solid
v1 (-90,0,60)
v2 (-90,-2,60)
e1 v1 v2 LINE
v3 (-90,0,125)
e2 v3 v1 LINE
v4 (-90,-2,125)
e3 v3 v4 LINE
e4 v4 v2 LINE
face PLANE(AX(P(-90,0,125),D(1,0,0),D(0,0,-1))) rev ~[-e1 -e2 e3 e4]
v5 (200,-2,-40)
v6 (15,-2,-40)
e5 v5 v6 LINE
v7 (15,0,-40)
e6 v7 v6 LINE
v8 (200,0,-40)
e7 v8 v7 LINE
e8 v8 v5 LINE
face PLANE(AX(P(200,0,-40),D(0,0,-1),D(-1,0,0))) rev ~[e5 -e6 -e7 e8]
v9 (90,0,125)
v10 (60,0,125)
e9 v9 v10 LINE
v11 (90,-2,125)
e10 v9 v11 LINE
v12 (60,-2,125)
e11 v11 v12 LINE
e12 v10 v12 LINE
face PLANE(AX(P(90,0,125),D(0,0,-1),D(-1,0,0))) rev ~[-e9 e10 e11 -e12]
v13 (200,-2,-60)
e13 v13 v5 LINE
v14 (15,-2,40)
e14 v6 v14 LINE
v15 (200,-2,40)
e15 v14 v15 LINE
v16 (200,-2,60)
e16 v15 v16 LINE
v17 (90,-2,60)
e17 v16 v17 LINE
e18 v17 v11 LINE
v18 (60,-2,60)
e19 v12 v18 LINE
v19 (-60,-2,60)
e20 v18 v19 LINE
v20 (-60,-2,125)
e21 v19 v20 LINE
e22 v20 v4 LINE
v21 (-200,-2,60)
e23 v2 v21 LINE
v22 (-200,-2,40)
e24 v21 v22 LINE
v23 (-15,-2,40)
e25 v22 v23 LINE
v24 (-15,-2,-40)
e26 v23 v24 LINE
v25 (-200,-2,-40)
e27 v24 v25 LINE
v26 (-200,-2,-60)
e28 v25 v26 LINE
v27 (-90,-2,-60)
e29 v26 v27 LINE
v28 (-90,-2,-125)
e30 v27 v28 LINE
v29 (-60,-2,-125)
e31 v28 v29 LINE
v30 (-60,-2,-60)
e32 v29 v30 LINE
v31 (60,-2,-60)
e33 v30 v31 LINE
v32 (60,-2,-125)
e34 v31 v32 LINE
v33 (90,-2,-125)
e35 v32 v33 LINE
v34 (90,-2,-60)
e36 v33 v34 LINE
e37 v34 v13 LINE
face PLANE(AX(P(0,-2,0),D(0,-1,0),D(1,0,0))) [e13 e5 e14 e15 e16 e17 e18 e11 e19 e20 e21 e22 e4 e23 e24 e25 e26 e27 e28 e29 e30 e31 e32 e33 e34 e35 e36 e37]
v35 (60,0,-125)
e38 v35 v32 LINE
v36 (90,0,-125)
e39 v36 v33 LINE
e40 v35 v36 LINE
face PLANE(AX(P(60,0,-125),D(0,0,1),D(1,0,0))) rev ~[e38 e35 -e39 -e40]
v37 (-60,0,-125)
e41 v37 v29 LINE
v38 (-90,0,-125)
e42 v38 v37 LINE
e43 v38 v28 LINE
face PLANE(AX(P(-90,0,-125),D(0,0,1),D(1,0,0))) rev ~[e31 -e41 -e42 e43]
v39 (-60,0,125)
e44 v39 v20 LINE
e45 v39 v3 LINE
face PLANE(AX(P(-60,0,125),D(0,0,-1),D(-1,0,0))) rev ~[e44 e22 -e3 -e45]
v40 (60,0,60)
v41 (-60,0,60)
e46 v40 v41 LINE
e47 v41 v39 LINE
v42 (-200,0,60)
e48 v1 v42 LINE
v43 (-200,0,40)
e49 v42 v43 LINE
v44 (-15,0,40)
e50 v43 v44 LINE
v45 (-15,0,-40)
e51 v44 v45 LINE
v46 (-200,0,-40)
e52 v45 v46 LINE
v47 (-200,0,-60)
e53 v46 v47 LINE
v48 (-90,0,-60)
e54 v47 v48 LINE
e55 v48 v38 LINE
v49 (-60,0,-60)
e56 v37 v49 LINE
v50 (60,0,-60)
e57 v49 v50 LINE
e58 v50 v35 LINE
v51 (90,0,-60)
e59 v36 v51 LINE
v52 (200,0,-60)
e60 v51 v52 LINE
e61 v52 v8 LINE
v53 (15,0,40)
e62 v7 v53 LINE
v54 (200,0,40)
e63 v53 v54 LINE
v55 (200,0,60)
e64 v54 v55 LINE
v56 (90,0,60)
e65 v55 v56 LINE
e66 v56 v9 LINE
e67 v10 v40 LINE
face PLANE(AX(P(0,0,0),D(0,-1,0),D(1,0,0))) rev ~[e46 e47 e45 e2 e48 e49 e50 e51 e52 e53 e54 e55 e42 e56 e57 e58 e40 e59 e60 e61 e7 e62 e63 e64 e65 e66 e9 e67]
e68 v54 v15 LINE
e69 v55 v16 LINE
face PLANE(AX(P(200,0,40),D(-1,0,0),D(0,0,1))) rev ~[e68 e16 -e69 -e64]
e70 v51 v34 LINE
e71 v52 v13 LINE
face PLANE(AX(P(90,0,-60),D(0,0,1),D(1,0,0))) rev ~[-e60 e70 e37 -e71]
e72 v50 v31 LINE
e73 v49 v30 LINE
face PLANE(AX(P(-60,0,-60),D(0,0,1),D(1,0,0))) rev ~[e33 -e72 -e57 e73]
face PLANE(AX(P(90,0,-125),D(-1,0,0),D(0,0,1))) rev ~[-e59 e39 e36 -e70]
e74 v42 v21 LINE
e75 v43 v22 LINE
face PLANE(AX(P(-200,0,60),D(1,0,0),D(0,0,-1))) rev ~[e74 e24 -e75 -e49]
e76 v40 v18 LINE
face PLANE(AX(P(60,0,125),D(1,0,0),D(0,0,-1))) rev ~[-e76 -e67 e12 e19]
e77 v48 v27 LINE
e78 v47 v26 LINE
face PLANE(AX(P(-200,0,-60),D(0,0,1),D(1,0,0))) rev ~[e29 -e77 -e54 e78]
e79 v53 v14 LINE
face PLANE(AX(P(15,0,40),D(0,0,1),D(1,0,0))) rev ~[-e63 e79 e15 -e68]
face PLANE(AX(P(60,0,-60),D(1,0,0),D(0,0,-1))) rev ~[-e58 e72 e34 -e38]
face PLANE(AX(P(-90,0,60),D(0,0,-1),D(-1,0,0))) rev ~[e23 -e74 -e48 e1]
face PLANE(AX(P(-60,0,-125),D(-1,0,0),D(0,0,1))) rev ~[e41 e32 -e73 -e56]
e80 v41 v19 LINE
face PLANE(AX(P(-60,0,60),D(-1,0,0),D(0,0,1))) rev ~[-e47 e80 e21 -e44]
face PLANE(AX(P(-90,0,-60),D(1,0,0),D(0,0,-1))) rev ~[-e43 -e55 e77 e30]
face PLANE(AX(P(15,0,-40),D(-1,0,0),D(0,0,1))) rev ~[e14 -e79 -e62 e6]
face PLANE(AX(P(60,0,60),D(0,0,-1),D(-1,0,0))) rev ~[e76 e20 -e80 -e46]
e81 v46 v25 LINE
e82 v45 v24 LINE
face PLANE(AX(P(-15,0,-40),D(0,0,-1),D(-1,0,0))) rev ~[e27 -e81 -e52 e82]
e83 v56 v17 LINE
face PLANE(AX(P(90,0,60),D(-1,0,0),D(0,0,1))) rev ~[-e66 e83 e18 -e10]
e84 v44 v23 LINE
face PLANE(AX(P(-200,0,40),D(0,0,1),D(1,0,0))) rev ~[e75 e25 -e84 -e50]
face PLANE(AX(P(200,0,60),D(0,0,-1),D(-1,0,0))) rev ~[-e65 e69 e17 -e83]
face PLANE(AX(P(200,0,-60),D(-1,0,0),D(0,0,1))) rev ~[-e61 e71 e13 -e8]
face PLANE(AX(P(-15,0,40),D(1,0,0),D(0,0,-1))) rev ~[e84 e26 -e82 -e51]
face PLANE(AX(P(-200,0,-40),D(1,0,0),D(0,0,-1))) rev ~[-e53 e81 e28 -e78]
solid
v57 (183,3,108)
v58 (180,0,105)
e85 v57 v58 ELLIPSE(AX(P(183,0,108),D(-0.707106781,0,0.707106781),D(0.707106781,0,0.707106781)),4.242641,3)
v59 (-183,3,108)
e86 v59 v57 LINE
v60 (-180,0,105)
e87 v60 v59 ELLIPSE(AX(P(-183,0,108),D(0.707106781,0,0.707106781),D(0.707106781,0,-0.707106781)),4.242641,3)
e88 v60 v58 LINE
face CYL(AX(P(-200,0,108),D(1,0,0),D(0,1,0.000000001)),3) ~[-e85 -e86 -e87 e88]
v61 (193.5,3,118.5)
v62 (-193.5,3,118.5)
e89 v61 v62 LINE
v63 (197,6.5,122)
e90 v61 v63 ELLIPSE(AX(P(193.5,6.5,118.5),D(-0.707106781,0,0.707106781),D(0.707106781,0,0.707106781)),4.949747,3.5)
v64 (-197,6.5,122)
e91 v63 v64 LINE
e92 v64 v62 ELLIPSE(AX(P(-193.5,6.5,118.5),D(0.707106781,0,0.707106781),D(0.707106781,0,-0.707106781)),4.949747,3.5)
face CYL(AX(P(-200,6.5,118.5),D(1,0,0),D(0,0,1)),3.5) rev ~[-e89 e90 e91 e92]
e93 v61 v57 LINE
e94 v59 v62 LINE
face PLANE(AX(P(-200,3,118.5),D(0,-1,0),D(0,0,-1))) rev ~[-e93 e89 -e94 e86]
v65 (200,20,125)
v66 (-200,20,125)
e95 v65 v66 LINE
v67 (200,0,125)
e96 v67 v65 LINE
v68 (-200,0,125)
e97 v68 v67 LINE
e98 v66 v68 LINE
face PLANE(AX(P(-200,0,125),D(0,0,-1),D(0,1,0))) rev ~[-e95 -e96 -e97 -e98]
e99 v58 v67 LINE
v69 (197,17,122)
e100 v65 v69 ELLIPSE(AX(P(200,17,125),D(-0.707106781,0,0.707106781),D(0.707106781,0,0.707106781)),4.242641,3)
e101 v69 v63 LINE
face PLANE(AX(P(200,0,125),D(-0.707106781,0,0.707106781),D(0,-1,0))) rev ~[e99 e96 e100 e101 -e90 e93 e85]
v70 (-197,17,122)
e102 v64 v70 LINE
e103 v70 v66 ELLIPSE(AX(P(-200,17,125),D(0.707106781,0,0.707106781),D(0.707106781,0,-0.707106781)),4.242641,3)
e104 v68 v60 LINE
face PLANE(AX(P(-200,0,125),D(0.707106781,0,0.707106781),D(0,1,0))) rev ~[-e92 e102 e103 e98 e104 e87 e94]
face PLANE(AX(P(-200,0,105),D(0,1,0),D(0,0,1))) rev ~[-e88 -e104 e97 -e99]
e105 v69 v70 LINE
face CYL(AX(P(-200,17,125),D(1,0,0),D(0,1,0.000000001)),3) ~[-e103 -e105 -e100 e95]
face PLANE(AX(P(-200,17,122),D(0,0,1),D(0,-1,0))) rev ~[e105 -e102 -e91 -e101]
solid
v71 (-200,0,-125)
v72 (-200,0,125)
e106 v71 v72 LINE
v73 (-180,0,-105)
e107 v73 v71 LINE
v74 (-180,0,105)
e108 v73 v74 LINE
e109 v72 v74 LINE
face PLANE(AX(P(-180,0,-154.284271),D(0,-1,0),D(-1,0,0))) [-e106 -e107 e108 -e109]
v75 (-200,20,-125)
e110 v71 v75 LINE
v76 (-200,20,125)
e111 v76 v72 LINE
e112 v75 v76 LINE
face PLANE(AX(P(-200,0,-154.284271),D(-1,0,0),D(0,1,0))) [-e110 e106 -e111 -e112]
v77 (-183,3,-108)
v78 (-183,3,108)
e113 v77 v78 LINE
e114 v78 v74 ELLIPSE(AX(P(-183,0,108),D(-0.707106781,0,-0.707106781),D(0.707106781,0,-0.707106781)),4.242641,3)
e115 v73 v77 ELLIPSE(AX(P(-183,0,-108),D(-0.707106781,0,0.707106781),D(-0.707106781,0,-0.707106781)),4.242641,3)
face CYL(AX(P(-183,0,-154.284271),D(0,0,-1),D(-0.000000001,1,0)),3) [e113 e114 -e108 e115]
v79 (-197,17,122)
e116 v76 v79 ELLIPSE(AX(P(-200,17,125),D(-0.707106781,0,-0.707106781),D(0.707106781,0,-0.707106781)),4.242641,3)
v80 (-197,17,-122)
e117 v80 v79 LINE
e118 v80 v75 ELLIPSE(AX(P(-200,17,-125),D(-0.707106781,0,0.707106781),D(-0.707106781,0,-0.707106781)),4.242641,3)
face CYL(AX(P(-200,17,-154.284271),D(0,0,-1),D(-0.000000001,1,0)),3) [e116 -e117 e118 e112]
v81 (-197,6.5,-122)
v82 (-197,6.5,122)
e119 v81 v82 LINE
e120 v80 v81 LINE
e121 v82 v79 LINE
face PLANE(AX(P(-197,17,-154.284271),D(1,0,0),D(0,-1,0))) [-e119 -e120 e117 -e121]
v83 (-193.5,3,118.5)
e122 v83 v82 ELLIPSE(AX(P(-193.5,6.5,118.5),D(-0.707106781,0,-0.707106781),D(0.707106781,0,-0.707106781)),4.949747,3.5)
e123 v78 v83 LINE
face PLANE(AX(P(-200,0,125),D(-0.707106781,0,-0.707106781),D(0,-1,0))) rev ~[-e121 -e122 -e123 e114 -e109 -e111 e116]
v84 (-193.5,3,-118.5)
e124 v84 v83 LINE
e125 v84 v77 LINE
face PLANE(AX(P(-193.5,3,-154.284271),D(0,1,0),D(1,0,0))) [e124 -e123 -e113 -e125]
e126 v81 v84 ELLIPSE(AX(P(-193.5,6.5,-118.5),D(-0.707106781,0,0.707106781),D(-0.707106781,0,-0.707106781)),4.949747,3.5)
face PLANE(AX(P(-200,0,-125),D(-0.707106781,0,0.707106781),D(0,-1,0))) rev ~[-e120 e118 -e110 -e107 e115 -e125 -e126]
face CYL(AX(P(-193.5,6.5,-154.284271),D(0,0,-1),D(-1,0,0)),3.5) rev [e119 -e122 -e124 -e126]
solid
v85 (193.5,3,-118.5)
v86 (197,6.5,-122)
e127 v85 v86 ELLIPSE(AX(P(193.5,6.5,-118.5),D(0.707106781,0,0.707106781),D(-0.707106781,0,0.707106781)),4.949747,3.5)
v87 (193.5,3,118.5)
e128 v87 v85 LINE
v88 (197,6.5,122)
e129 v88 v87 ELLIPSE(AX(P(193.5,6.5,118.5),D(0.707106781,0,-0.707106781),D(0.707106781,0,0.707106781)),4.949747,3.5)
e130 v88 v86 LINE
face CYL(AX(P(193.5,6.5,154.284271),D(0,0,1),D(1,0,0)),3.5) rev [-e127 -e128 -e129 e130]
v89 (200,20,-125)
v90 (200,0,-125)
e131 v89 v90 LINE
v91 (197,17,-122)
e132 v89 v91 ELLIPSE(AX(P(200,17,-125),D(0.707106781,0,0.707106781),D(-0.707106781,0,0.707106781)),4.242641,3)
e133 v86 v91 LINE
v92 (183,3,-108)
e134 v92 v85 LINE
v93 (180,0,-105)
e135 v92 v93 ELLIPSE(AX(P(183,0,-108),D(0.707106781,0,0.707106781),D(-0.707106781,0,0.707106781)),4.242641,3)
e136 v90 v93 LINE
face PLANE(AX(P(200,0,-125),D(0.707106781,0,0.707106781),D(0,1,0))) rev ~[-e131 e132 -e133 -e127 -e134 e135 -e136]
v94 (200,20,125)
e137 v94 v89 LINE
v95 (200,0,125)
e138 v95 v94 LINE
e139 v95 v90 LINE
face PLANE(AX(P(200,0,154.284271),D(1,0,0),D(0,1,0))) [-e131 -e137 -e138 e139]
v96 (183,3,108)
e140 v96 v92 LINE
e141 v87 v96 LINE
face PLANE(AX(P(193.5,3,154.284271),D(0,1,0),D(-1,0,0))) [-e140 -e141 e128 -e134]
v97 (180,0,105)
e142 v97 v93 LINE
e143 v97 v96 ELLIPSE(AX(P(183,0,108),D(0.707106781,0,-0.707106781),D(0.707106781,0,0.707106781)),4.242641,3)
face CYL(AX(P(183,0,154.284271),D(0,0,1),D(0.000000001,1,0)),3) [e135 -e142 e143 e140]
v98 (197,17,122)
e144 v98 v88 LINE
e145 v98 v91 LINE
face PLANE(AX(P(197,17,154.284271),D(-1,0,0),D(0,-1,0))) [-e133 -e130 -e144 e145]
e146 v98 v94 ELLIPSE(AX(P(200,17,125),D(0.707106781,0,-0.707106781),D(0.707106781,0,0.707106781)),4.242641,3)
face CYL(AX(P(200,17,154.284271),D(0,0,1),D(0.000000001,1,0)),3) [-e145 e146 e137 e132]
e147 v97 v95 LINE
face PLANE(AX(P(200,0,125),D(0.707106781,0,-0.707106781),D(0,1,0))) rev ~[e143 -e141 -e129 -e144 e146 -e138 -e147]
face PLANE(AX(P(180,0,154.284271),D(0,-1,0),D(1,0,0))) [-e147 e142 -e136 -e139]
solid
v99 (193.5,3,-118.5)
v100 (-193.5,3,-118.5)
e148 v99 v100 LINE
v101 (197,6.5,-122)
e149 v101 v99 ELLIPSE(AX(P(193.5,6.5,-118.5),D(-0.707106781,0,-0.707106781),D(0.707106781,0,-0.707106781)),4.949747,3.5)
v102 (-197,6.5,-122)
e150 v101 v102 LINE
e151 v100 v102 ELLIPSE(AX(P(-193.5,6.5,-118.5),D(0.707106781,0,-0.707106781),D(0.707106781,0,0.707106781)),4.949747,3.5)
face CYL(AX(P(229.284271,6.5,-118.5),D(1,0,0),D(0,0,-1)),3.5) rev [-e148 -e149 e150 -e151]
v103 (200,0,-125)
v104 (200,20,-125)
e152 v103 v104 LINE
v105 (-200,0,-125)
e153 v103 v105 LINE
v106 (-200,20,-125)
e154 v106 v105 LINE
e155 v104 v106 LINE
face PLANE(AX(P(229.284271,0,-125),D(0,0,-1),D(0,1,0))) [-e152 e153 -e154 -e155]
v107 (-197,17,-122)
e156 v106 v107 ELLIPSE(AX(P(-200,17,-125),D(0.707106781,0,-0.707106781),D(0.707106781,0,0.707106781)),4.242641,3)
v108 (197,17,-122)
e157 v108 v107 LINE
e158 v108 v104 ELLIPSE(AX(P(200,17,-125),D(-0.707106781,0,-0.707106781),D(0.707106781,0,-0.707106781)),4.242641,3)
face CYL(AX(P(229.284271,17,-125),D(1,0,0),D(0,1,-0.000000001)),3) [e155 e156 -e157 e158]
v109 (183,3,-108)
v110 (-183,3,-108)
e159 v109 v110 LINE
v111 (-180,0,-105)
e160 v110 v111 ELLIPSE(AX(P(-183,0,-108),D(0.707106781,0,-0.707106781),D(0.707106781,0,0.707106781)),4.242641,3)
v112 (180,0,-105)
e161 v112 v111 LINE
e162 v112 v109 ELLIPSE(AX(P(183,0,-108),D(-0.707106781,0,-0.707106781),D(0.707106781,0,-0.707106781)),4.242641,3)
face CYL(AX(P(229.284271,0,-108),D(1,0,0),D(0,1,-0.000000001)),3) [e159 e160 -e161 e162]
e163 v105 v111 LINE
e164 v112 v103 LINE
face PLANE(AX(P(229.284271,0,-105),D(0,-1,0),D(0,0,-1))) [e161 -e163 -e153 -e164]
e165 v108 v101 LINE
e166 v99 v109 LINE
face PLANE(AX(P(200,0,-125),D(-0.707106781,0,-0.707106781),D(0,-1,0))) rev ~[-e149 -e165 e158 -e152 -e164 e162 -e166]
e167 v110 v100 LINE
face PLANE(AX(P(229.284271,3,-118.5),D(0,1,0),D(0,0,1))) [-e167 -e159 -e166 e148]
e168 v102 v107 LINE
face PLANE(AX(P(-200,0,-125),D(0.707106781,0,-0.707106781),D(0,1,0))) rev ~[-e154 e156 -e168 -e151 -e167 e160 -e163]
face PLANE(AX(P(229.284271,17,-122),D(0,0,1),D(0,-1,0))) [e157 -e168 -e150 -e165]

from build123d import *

# Parameters (mm, degrees)
HIERRO_ANGULAR_20_X_20_X_3_1_DEPTH      = 429.284271247
HIERRO_ANGULAR_20_X_20_X_3_1_DEPTH_BACK = 29.284271247
HIERRO_ANGULAR_20_X_20_X_3_1_2_DEPTH    = 308.568542495
HIERRO_ANGULAR_20_X_20_X_3_1_3_DEPTH    = 458.568542495
HIERRO_ANGULAR_20_X_20_X_3_1_4_DEPTH    = 308.568542495
SALIENTE_EXTRUIR1_DEPTH                 = 2


with BuildPart() as part:
    # Sketch1 → Hierro angular 20 X 20 X 3(1) (new, two sides)
    with BuildSketch(Plane(origin=(-200, 0, 125), x_dir=(0, 0, -1), z_dir=(1, 0, 0))) as hierro_angular_20_x_20_x_3_1_sk:
        with BuildLine():
            Line((0, 0), (0, 20))
            ThreePointArc((0, 20), (2.121320344, 19.121320344), (3, 17))
            Line((3, 17), (3, 6.5))
            ThreePointArc((3, 6.5), (4.025126266, 4.025126266), (6.5, 3))
            Line((6.5, 3), (17, 3))
            ThreePointArc((17, 3), (19.121320344, 2.121320344), (20, 0))
            Line((20, 0), (0, 0))
        make_face()
    extrude(amount=HIERRO_ANGULAR_20_X_20_X_3_1_DEPTH)
    extrude(hierro_angular_20_x_20_x_3_1_sk.sketch, amount=-HIERRO_ANGULAR_20_X_20_X_3_1_DEPTH_BACK)

    # Hierro angular 20 X 20 X 3(1) mitre 1
    split(bisect_by=Plane(origin=(-200, 0, 125), x_dir=(0, 1, 0), z_dir=(0.707106781, 0, 0.707106781)), keep=Keep.TOP)

    # Hierro angular 20 X 20 X 3(1) mitre 2
    split(bisect_by=Plane(origin=(200, 0, 125), x_dir=(0, -1, 0), z_dir=(-0.707106781, 0, 0.707106781)), keep=Keep.TOP)


with BuildPart() as body_2:
    # Sketch1 on segment 2 (carried to segment 2) → Hierro angular 20 X 20 X 3_1 2 (new body)
    with BuildSketch(Plane(origin=(200, 0, 154.284271247), x_dir=(-1, 0, 0), z_dir=(0, 0, -1))):
        with BuildLine():
            Line((0, 0), (0, 20))
            ThreePointArc((0, 20), (2.121320344, 19.121320344), (3, 17))
            Line((3, 17), (3, 6.5))
            ThreePointArc((3, 6.5), (4.025126266, 4.025126266), (6.5, 3))
            Line((6.5, 3), (17, 3))
            ThreePointArc((17, 3), (19.121320344, 2.121320344), (20, 0))
            Line((20, 0), (0, 0))
        make_face()
    extrude(amount=HIERRO_ANGULAR_20_X_20_X_3_1_2_DEPTH)

    # Hierro angular 20 X 20 X 3_1 2 mitre 1
    split(bisect_by=Plane(origin=(200, 0, 125), x_dir=(0, 1, 0), z_dir=(0.707106781, 0, -0.707106781)), keep=Keep.TOP)

    # Hierro angular 20 X 20 X 3_1 2 mitre 2
    split(bisect_by=Plane(origin=(200, 0, -125), x_dir=(0, 1, 0), z_dir=(0.707106781, 0, 0.707106781)), keep=Keep.TOP)


with BuildPart() as body_3:
    # Sketch1 on segment 3 (carried to segment 3) → Hierro angular 20 X 20 X 3_1 3 (new body)
    with BuildSketch(Plane(origin=(229.284271247, 0, -125), x_dir=(0, 0, 1), z_dir=(-1, 0, 0))):
        with BuildLine():
            Line((0, 0), (0, 20))
            ThreePointArc((0, 20), (2.121320344, 19.121320344), (3, 17))
            Line((3, 17), (3, 6.5))
            ThreePointArc((3, 6.5), (4.025126266, 4.025126266), (6.5, 3))
            Line((6.5, 3), (17, 3))
            ThreePointArc((17, 3), (19.121320344, 2.121320344), (20, 0))
            Line((20, 0), (0, 0))
        make_face()
    extrude(amount=HIERRO_ANGULAR_20_X_20_X_3_1_3_DEPTH)

    # Hierro angular 20 X 20 X 3_1 3 mitre 1
    split(bisect_by=Plane(origin=(-200, 0, -125), x_dir=(0, 1, 0), z_dir=(0.707106781, 0, -0.707106781)), keep=Keep.TOP)

    # Hierro angular 20 X 20 X 3_1 3 mitre 2
    split(bisect_by=Plane(origin=(200, 0, -125), x_dir=(0, -1, 0), z_dir=(-0.707106781, 0, -0.707106781)), keep=Keep.TOP)


with BuildPart() as body_4:
    # Sketch1 on segment 4 (carried to segment 4) → Hierro angular 20 X 20 X 3_1 4 (new body)
    with BuildSketch(Plane(origin=(-200, 0, -154.284271247), x_dir=(1, 0, 0), z_dir=(0, 0, 1))):
        with BuildLine():
            Line((0, 0), (0, 20))
            ThreePointArc((0, 20), (2.121320344, 19.121320344), (3, 17))
            Line((3, 17), (3, 6.5))
            ThreePointArc((3, 6.5), (4.025126266, 4.025126266), (6.5, 3))
            Line((6.5, 3), (17, 3))
            ThreePointArc((17, 3), (19.121320344, 2.121320344), (20, 0))
            Line((20, 0), (0, 0))
        make_face()
    extrude(amount=HIERRO_ANGULAR_20_X_20_X_3_1_4_DEPTH)

    # Hierro angular 20 X 20 X 3_1 4 mitre 1
    split(bisect_by=Plane(origin=(-200, 0, 125), x_dir=(0, -1, 0), z_dir=(-0.707106781, 0, -0.707106781)), keep=Keep.TOP)

    # Hierro angular 20 X 20 X 3_1 4 mitre 2
    split(bisect_by=Plane(origin=(-200, 0, -125), x_dir=(0, -1, 0), z_dir=(-0.707106781, 0, 0.707106781)), keep=Keep.TOP)


with BuildPart() as body_5:
    # Croquis3 → Saliente-Extruir1 (new body)
    with BuildSketch(Plane.XZ):
        Polygon((-200, -60), (-90, -60), (-90, -125), (-60, -125), (-60, -60), (-15, -60), (15, -60), (60, -60), (60, -125), (90, -125), (90, -60), (200, -60), (200, -40), (15, -40), (15, 40), (200, 40), (200, 60), (90, 60), (90, 125), (60, 125), (60, 60), (15, 60), (-15, 60), (-60, 60), (-60, 125), (-90, 125), (-90, 60), (-200, 60), (-200, 40), (-15, 40), (-15, -40), (-200, -40), align=None)
    extrude(amount=SALIENTE_EXTRUIR1_DEPTH)


solid = Compound([part.part, body_2.part, body_3.part, body_4.part, body_5.part])
